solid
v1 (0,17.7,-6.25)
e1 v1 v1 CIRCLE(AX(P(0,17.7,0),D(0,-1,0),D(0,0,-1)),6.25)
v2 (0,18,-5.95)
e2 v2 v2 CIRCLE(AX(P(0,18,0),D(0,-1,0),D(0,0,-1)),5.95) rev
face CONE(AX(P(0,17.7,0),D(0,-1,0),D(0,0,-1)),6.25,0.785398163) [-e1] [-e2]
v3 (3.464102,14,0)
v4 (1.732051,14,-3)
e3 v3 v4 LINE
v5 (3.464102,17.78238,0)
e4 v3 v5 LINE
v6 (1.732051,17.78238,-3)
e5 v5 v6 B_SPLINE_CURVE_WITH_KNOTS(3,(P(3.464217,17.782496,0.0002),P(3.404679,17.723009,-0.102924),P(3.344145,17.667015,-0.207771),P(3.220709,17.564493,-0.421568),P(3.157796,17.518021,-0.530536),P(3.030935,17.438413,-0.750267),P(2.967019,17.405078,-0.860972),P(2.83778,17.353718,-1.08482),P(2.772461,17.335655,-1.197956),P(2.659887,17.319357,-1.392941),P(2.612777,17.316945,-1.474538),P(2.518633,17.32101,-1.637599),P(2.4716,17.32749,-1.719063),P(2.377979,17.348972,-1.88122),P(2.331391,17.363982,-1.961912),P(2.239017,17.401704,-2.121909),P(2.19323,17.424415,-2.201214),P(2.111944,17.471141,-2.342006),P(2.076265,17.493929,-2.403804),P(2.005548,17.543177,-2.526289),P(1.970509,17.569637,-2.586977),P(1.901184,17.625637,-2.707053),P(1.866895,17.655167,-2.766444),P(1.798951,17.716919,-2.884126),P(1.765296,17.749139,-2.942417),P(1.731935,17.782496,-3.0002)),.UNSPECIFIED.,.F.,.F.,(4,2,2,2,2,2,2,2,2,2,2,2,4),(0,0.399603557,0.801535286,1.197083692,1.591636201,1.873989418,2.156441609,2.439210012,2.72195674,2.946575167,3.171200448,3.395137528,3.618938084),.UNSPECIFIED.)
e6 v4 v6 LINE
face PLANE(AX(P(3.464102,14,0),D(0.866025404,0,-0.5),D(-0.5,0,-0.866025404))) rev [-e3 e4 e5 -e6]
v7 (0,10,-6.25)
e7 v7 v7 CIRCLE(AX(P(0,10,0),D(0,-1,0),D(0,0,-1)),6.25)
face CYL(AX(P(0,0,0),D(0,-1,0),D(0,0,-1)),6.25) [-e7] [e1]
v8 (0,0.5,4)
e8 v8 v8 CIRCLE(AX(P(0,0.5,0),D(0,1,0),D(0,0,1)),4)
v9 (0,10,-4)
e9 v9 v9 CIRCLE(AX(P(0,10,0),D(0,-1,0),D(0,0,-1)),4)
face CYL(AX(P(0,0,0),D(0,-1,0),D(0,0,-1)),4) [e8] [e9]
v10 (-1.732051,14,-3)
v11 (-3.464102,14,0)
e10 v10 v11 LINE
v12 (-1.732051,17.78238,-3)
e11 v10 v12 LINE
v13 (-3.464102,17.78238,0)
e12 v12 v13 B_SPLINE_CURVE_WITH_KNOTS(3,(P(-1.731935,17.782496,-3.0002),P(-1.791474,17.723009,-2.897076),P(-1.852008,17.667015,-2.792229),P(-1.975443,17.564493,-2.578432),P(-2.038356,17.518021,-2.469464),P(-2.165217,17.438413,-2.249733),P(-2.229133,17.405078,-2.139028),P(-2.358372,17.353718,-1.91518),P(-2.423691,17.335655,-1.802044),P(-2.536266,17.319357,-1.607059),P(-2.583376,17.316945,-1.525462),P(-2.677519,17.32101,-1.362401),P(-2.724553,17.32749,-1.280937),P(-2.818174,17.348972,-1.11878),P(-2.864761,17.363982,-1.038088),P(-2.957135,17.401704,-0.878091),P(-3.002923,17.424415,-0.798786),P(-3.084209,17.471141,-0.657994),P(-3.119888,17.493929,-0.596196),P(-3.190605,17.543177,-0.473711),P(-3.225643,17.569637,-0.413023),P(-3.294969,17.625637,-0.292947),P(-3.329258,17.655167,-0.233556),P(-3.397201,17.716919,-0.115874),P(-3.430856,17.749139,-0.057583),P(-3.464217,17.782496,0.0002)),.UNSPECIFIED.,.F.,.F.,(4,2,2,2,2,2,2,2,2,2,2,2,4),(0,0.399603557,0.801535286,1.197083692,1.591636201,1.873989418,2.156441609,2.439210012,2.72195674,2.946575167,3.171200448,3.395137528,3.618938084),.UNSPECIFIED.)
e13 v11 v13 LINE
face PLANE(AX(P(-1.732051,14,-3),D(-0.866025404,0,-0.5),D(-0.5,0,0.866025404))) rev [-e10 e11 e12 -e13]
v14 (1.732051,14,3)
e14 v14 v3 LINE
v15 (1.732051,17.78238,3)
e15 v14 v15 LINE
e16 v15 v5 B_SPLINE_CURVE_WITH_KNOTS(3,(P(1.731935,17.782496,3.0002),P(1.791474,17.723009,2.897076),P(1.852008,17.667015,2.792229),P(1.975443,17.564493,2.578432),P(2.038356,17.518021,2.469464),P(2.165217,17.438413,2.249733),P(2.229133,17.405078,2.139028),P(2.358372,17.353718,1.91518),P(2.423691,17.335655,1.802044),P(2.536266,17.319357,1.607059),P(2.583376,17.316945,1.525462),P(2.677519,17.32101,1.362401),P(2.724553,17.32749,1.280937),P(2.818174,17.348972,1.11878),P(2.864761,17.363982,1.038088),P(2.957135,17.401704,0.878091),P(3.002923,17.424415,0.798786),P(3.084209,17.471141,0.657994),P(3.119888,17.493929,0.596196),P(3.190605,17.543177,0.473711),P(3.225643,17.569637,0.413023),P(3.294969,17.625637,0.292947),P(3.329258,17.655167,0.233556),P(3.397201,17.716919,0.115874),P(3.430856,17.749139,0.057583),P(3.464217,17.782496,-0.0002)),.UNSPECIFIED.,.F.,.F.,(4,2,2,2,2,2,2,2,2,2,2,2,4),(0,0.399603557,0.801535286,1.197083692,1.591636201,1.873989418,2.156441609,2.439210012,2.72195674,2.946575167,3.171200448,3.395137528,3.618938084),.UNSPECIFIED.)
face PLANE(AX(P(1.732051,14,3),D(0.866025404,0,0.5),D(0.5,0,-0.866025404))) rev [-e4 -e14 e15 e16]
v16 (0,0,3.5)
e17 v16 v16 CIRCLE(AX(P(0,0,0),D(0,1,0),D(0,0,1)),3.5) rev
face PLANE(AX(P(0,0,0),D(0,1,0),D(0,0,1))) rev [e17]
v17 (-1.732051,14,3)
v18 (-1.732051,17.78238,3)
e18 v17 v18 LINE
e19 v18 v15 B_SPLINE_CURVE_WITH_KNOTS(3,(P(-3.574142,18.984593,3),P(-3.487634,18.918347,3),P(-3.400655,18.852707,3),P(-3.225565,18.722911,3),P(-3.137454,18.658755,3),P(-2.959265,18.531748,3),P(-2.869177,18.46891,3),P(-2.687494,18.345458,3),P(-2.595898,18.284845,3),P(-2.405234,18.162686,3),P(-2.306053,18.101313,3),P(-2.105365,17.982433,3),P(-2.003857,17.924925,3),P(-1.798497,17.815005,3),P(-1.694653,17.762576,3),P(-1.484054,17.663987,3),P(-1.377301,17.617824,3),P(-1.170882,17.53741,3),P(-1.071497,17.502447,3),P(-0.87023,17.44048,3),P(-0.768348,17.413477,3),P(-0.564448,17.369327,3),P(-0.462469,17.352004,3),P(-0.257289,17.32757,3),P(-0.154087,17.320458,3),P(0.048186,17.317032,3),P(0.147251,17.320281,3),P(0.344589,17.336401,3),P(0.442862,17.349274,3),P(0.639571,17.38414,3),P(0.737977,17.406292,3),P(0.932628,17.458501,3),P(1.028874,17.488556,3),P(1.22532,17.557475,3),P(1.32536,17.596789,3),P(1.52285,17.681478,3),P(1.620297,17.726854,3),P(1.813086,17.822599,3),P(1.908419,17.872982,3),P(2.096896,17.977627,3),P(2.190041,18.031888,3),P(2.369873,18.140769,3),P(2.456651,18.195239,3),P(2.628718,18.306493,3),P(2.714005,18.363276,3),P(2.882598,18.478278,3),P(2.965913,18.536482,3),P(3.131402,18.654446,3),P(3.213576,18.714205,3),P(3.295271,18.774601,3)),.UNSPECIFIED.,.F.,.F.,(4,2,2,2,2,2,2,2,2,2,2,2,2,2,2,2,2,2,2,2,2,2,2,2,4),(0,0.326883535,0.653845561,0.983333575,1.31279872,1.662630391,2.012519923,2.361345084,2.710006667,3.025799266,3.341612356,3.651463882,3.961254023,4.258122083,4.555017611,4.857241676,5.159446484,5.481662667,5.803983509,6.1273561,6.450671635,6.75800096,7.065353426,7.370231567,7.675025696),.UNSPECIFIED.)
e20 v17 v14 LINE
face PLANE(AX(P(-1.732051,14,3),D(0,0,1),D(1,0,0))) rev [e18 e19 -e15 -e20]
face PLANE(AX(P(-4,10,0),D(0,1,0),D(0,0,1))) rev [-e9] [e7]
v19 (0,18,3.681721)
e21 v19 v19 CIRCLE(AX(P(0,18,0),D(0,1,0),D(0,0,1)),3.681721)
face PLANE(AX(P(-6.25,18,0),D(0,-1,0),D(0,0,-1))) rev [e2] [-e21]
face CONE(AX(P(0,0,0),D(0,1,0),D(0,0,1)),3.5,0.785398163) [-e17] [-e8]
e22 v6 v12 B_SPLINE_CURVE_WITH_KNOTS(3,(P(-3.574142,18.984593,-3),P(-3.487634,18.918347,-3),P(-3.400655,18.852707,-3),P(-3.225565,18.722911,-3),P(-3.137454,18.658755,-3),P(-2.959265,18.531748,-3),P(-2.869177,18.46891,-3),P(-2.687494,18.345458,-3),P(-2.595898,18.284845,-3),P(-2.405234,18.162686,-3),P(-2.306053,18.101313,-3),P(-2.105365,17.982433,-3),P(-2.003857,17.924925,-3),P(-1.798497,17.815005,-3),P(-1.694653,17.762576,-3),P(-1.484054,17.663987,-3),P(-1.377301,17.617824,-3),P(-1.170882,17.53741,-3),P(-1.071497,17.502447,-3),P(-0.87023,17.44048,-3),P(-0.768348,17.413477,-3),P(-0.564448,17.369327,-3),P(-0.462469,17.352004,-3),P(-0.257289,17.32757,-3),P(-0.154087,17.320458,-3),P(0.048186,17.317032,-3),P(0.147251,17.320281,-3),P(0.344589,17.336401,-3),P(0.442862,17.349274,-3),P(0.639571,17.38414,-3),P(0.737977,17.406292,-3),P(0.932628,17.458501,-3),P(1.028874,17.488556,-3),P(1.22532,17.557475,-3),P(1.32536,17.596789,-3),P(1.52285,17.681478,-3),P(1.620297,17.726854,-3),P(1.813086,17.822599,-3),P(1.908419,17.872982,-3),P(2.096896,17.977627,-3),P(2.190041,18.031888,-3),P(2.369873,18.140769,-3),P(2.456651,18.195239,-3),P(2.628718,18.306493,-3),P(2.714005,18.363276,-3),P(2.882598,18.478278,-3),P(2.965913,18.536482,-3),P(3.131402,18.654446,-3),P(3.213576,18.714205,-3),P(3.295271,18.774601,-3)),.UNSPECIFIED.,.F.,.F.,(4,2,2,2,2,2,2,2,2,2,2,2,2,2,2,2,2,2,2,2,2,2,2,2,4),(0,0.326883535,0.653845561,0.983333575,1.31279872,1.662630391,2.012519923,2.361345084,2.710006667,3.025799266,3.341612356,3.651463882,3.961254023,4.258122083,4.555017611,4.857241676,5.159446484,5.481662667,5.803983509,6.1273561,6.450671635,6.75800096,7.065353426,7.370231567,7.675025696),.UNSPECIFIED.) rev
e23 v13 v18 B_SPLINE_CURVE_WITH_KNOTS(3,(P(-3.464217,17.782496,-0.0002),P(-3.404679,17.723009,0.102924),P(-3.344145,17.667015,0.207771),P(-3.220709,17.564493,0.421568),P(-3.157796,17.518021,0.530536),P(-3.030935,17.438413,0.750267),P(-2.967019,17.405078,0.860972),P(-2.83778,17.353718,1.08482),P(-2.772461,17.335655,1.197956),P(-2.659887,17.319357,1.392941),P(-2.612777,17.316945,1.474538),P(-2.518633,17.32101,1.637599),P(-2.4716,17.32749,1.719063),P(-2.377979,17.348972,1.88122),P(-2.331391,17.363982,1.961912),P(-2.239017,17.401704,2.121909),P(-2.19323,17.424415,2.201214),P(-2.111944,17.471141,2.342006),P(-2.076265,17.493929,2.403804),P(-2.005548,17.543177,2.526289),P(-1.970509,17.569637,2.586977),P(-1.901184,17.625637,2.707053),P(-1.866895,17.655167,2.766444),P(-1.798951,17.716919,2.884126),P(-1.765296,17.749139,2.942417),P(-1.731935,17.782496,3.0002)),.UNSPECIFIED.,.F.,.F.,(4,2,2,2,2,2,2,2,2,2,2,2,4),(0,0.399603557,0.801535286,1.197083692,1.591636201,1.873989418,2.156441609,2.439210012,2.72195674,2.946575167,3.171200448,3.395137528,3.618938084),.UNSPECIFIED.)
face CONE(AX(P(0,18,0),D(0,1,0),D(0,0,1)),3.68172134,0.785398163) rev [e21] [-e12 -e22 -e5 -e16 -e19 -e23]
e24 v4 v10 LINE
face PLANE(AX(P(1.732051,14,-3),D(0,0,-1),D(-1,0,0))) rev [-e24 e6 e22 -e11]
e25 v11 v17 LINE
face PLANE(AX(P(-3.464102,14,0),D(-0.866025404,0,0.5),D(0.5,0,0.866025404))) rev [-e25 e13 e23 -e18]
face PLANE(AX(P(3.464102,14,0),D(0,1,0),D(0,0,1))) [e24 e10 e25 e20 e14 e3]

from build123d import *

# Parameters (mm, degrees)
WYCI_GNI_CIE1_DEPTH        = 4
SFAZOWANIE1_SIZE           = 0.3
SZKIC3_R                   = 3.68172134
WYTNIJ_WYCI_GNI_CIE1_DEPTH = 2
WYTNIJ_WYCI_GNI_CIE1_DRAFT = -45
SFAZOWANIE2_SIZE           = 0.5


with BuildPart() as part:
    # Szkic1 → Obrót1 (revolve)
    with BuildSketch(Plane.XY, mode=Mode.PRIVATE) as obr_t1_sk:
        Polygon((0, 0), (-4, 0), (-4, 10), (-6.25, 10), (-6.25, 18), (0, 18), align=None)
    revolve(obr_t1_sk.sketch.rotate(Axis((0, 0, 0), (0, 1, 0)), 270), axis=Axis((0, 0, 0), (0, 1, 0)))

    # Szkic2 → Wyciągnięcie1 (cut)
    with BuildSketch(Plane(origin=(0, 18, 0), x_dir=(1, 0, 0), z_dir=(0, 1, 0))):
        Polygon((3.464101615, 0), (1.732050808, 3), (-1.732050808, 3), (-3.464101615, 0), (-1.732050808, -3), (1.732050808, -3), align=None)
    extrude(amount=-WYCI_GNI_CIE1_DEPTH, mode=Mode.SUBTRACT)

    # Sfazowanie1
    sfazowanie1_edges = [part.edges().sort_by_distance(p)[0] for p in [
        (0, 18, 6.25),
    ]]
    chamfer(sfazowanie1_edges, length=SFAZOWANIE1_SIZE)


with BuildPart() as wytnij_wyci_gni_cie1_tool:
    # Szkic3 → Wytnij-wyciągnięcie1 (with draft: the straight prism first)
    with BuildSketch(Plane(origin=(0, 18, 0), x_dir=(1, 0, 0), z_dir=(0, 1, 0))):
        Circle(SZKIC3_R)
    extrude(amount=-WYTNIJ_WYCI_GNI_CIE1_DEPTH)
    # Wytnij-wyciągnięcie1: the draft: its side faces are tilted about the plane it starts from
    wytnij_wyci_gni_cie1_sides = [wytnij_wyci_gni_cie1_tool.faces().sort_by_distance(p)[0] for p in [
        (-3.68172134, 17, 0),
    ]]
    draft(wytnij_wyci_gni_cie1_sides, Plane(origin=(0, 18, 0), x_dir=(1, 0, 0), z_dir=(0, 1, 0)), WYTNIJ_WYCI_GNI_CIE1_DRAFT)


with BuildPart() as part_1:
    add(part.part)

    # Wytnij-wyciągnięcie1: cut by wytnij_wyci_gni_cie1_tool
    add(wytnij_wyci_gni_cie1_tool.part, mode=Mode.SUBTRACT)

    # Sfazowanie2
    sfazowanie2_edges = [part_1.edges().sort_by_distance(p)[0] for p in [
        (0, 0, 4),
    ]]
    chamfer(sfazowanie2_edges, length=SFAZOWANIE2_SIZE)


solid = part_1.part
